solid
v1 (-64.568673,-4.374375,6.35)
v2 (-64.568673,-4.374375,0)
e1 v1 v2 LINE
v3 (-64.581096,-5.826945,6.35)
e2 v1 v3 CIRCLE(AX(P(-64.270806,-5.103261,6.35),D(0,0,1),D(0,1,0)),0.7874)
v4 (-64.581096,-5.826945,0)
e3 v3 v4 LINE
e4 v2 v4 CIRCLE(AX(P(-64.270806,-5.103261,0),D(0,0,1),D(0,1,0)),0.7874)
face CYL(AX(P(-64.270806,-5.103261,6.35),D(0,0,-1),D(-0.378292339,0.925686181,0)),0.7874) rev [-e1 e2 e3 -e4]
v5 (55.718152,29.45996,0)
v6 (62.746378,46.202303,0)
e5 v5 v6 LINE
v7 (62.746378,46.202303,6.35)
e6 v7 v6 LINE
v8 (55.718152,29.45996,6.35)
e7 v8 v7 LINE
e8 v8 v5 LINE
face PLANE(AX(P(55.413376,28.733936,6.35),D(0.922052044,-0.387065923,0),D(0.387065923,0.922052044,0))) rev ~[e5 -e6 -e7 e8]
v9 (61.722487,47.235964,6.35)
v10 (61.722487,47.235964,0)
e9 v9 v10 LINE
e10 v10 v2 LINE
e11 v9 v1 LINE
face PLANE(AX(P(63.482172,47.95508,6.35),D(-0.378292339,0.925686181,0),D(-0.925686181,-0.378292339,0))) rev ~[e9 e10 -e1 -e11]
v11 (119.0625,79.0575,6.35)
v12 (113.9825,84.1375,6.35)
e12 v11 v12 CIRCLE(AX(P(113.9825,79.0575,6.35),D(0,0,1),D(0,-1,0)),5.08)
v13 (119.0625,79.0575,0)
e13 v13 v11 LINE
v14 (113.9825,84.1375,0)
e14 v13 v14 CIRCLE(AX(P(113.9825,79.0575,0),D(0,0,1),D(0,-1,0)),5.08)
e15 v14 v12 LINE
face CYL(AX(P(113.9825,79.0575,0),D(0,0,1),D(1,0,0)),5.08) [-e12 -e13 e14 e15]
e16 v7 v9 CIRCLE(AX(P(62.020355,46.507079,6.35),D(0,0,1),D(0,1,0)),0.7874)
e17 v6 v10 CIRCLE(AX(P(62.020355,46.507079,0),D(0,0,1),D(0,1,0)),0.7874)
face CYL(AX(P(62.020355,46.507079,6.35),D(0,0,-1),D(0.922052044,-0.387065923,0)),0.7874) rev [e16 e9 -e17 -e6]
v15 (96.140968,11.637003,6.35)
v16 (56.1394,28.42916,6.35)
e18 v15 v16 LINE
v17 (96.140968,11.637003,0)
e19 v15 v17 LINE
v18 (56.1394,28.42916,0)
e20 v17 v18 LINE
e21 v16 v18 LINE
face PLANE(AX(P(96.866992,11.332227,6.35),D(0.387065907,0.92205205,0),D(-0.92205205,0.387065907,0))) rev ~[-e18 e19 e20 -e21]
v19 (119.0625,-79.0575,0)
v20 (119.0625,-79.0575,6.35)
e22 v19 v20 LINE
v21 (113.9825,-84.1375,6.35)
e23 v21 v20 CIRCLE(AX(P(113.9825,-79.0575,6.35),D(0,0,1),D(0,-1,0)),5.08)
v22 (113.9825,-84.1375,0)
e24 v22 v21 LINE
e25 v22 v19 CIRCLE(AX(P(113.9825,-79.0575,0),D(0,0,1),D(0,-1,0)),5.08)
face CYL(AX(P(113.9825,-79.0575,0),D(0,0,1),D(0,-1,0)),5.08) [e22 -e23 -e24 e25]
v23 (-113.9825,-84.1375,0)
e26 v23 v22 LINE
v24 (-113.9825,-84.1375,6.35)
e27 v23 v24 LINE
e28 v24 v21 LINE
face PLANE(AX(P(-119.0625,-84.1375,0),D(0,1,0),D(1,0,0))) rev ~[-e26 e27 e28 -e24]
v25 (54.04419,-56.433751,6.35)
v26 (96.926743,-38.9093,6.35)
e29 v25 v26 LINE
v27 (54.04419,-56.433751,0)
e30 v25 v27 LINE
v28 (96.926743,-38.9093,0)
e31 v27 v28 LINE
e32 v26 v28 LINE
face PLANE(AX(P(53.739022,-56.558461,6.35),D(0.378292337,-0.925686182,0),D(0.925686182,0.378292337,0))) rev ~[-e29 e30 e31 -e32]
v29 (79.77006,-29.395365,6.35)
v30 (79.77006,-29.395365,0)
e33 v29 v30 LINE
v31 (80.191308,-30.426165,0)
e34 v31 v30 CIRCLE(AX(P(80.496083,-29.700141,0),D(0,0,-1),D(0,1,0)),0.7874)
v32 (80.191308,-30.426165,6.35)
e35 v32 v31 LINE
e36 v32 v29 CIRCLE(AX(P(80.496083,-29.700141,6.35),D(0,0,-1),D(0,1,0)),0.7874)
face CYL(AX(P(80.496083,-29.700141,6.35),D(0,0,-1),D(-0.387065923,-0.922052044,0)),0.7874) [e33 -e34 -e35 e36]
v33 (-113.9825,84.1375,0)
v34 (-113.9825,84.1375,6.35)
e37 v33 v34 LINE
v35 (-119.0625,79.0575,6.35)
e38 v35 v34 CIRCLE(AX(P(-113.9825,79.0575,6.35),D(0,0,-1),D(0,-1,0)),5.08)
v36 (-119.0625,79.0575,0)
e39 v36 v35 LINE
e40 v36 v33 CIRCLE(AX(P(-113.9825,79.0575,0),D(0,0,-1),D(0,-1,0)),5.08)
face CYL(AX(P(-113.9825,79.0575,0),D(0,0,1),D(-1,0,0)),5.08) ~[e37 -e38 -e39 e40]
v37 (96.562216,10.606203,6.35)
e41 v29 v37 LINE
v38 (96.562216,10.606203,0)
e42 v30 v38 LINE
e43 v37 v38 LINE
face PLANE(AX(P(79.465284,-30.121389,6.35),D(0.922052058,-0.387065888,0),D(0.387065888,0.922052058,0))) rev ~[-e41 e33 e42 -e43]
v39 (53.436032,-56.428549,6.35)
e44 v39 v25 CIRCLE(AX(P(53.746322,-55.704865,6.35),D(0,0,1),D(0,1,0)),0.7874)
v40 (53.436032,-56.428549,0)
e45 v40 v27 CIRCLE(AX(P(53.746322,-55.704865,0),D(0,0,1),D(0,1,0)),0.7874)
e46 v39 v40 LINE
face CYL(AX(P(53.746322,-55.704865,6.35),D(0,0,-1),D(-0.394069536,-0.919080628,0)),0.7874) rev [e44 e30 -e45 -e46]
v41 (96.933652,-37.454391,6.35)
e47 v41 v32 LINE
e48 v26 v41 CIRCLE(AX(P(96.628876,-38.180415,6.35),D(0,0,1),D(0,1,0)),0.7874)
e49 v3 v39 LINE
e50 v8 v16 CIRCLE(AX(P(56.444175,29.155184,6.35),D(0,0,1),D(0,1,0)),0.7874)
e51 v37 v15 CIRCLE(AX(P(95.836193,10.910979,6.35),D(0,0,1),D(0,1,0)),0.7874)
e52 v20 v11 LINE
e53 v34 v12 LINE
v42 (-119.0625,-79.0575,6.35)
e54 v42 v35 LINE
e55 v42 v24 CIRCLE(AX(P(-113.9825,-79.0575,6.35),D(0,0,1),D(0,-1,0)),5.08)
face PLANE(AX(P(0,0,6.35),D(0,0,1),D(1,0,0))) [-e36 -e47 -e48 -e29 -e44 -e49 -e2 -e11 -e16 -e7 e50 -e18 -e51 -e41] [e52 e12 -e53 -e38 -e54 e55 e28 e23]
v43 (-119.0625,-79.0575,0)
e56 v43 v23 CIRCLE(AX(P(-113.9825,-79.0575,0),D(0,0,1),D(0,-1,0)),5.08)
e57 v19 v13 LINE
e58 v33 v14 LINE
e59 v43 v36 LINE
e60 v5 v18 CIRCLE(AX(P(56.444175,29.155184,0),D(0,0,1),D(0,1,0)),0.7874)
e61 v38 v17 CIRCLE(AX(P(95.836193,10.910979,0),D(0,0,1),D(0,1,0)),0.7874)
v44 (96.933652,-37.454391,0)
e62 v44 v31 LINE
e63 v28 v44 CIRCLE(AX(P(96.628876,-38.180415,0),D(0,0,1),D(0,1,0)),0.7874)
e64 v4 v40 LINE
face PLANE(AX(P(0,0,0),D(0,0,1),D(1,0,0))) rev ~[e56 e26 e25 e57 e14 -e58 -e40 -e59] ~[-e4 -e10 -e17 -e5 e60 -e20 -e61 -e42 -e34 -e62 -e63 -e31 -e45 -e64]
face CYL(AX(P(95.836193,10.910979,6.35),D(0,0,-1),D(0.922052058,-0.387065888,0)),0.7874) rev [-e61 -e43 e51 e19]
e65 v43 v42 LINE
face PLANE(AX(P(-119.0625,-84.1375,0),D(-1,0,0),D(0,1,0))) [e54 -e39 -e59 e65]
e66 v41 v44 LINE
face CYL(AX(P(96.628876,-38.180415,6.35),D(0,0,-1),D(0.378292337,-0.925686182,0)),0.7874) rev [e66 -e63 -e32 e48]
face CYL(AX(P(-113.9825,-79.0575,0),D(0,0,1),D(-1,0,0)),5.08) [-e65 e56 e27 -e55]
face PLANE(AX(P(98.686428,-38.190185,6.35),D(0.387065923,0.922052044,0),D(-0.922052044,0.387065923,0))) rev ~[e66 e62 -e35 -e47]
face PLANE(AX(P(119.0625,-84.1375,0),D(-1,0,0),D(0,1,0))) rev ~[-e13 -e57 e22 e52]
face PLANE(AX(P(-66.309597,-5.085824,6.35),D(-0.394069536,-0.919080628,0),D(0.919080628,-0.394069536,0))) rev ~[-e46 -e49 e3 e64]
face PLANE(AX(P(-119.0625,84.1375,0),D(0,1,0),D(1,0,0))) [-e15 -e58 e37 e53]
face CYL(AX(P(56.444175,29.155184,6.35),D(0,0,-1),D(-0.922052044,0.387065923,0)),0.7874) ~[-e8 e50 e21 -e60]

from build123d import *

# Parameters (mm, degrees)
F0_W     = 238.125
F0_H     = 168.275
F1_DEPTH = 6.35
F2_R     = 5.08
F4_DEPTH = 25.4
F6_DEPTH = 25.4
F7_R     = 0.7874


with BuildPart() as f1:
    # F0 (on Top) → F1 (new body)
    with BuildSketch(Plane.XY):
        Rectangle(F0_W, F0_H)
    extrude(amount=F1_DEPTH)

    # F2
    f2_edges = [f1.edges().sort_by_distance(p)[0] for p in [
        (-119.0625, 84.1375, 3.175),
        (-119.0625, -84.1375, 3.175),
        (119.0625, 84.1375, 3.175),
        (119.0625, -84.1375, 3.175),
    ]]
    fillet(f2_edges, radius=F2_R)

    # F3 (on face) → F4 (cut)
    with BuildSketch(Plane.XY.offset(6.35)):
        Polygon((-63.021223, -5.113947), (53.750796, -55.181694), (95.367796, -38.174427), (77.802704, -30.800822), (95.204413, 10.652795), (53.750796, 28.054503), (61.124402, 45.619595), align=None)
    extrude(amount=-F4_DEPTH, mode=Mode.SUBTRACT)

    # F5 (on face) → F6 (cut)
    with BuildSketch(Plane.XY.offset(6.35)):
        Polygon((55.413376, 28.733936), (63.482172, 47.95508), (-66.309597, -5.085824), (53.739022, -56.558461), (98.686428, -38.190185), (79.465284, -30.121389), (96.866992, 11.332227), align=None)
    extrude(amount=-F6_DEPTH, mode=Mode.SUBTRACT)

    # F7
    f7_edges = [f1.edges().sort_by_distance(p)[0] for p in [
        (-66.309597, -5.085824, 3.175),
        (63.482172, 47.95508, 3.175),
        (96.866992, 11.332227, 3.175),
        (55.413376, 28.733936, 3.175),
        (79.465284, -30.121389, 3.175),
        (98.686428, -38.190185, 3.175),
        (53.739022, -56.558461, 3.175),
    ]]
    fillet(f7_edges, radius=F7_R)


solid = f1.part
